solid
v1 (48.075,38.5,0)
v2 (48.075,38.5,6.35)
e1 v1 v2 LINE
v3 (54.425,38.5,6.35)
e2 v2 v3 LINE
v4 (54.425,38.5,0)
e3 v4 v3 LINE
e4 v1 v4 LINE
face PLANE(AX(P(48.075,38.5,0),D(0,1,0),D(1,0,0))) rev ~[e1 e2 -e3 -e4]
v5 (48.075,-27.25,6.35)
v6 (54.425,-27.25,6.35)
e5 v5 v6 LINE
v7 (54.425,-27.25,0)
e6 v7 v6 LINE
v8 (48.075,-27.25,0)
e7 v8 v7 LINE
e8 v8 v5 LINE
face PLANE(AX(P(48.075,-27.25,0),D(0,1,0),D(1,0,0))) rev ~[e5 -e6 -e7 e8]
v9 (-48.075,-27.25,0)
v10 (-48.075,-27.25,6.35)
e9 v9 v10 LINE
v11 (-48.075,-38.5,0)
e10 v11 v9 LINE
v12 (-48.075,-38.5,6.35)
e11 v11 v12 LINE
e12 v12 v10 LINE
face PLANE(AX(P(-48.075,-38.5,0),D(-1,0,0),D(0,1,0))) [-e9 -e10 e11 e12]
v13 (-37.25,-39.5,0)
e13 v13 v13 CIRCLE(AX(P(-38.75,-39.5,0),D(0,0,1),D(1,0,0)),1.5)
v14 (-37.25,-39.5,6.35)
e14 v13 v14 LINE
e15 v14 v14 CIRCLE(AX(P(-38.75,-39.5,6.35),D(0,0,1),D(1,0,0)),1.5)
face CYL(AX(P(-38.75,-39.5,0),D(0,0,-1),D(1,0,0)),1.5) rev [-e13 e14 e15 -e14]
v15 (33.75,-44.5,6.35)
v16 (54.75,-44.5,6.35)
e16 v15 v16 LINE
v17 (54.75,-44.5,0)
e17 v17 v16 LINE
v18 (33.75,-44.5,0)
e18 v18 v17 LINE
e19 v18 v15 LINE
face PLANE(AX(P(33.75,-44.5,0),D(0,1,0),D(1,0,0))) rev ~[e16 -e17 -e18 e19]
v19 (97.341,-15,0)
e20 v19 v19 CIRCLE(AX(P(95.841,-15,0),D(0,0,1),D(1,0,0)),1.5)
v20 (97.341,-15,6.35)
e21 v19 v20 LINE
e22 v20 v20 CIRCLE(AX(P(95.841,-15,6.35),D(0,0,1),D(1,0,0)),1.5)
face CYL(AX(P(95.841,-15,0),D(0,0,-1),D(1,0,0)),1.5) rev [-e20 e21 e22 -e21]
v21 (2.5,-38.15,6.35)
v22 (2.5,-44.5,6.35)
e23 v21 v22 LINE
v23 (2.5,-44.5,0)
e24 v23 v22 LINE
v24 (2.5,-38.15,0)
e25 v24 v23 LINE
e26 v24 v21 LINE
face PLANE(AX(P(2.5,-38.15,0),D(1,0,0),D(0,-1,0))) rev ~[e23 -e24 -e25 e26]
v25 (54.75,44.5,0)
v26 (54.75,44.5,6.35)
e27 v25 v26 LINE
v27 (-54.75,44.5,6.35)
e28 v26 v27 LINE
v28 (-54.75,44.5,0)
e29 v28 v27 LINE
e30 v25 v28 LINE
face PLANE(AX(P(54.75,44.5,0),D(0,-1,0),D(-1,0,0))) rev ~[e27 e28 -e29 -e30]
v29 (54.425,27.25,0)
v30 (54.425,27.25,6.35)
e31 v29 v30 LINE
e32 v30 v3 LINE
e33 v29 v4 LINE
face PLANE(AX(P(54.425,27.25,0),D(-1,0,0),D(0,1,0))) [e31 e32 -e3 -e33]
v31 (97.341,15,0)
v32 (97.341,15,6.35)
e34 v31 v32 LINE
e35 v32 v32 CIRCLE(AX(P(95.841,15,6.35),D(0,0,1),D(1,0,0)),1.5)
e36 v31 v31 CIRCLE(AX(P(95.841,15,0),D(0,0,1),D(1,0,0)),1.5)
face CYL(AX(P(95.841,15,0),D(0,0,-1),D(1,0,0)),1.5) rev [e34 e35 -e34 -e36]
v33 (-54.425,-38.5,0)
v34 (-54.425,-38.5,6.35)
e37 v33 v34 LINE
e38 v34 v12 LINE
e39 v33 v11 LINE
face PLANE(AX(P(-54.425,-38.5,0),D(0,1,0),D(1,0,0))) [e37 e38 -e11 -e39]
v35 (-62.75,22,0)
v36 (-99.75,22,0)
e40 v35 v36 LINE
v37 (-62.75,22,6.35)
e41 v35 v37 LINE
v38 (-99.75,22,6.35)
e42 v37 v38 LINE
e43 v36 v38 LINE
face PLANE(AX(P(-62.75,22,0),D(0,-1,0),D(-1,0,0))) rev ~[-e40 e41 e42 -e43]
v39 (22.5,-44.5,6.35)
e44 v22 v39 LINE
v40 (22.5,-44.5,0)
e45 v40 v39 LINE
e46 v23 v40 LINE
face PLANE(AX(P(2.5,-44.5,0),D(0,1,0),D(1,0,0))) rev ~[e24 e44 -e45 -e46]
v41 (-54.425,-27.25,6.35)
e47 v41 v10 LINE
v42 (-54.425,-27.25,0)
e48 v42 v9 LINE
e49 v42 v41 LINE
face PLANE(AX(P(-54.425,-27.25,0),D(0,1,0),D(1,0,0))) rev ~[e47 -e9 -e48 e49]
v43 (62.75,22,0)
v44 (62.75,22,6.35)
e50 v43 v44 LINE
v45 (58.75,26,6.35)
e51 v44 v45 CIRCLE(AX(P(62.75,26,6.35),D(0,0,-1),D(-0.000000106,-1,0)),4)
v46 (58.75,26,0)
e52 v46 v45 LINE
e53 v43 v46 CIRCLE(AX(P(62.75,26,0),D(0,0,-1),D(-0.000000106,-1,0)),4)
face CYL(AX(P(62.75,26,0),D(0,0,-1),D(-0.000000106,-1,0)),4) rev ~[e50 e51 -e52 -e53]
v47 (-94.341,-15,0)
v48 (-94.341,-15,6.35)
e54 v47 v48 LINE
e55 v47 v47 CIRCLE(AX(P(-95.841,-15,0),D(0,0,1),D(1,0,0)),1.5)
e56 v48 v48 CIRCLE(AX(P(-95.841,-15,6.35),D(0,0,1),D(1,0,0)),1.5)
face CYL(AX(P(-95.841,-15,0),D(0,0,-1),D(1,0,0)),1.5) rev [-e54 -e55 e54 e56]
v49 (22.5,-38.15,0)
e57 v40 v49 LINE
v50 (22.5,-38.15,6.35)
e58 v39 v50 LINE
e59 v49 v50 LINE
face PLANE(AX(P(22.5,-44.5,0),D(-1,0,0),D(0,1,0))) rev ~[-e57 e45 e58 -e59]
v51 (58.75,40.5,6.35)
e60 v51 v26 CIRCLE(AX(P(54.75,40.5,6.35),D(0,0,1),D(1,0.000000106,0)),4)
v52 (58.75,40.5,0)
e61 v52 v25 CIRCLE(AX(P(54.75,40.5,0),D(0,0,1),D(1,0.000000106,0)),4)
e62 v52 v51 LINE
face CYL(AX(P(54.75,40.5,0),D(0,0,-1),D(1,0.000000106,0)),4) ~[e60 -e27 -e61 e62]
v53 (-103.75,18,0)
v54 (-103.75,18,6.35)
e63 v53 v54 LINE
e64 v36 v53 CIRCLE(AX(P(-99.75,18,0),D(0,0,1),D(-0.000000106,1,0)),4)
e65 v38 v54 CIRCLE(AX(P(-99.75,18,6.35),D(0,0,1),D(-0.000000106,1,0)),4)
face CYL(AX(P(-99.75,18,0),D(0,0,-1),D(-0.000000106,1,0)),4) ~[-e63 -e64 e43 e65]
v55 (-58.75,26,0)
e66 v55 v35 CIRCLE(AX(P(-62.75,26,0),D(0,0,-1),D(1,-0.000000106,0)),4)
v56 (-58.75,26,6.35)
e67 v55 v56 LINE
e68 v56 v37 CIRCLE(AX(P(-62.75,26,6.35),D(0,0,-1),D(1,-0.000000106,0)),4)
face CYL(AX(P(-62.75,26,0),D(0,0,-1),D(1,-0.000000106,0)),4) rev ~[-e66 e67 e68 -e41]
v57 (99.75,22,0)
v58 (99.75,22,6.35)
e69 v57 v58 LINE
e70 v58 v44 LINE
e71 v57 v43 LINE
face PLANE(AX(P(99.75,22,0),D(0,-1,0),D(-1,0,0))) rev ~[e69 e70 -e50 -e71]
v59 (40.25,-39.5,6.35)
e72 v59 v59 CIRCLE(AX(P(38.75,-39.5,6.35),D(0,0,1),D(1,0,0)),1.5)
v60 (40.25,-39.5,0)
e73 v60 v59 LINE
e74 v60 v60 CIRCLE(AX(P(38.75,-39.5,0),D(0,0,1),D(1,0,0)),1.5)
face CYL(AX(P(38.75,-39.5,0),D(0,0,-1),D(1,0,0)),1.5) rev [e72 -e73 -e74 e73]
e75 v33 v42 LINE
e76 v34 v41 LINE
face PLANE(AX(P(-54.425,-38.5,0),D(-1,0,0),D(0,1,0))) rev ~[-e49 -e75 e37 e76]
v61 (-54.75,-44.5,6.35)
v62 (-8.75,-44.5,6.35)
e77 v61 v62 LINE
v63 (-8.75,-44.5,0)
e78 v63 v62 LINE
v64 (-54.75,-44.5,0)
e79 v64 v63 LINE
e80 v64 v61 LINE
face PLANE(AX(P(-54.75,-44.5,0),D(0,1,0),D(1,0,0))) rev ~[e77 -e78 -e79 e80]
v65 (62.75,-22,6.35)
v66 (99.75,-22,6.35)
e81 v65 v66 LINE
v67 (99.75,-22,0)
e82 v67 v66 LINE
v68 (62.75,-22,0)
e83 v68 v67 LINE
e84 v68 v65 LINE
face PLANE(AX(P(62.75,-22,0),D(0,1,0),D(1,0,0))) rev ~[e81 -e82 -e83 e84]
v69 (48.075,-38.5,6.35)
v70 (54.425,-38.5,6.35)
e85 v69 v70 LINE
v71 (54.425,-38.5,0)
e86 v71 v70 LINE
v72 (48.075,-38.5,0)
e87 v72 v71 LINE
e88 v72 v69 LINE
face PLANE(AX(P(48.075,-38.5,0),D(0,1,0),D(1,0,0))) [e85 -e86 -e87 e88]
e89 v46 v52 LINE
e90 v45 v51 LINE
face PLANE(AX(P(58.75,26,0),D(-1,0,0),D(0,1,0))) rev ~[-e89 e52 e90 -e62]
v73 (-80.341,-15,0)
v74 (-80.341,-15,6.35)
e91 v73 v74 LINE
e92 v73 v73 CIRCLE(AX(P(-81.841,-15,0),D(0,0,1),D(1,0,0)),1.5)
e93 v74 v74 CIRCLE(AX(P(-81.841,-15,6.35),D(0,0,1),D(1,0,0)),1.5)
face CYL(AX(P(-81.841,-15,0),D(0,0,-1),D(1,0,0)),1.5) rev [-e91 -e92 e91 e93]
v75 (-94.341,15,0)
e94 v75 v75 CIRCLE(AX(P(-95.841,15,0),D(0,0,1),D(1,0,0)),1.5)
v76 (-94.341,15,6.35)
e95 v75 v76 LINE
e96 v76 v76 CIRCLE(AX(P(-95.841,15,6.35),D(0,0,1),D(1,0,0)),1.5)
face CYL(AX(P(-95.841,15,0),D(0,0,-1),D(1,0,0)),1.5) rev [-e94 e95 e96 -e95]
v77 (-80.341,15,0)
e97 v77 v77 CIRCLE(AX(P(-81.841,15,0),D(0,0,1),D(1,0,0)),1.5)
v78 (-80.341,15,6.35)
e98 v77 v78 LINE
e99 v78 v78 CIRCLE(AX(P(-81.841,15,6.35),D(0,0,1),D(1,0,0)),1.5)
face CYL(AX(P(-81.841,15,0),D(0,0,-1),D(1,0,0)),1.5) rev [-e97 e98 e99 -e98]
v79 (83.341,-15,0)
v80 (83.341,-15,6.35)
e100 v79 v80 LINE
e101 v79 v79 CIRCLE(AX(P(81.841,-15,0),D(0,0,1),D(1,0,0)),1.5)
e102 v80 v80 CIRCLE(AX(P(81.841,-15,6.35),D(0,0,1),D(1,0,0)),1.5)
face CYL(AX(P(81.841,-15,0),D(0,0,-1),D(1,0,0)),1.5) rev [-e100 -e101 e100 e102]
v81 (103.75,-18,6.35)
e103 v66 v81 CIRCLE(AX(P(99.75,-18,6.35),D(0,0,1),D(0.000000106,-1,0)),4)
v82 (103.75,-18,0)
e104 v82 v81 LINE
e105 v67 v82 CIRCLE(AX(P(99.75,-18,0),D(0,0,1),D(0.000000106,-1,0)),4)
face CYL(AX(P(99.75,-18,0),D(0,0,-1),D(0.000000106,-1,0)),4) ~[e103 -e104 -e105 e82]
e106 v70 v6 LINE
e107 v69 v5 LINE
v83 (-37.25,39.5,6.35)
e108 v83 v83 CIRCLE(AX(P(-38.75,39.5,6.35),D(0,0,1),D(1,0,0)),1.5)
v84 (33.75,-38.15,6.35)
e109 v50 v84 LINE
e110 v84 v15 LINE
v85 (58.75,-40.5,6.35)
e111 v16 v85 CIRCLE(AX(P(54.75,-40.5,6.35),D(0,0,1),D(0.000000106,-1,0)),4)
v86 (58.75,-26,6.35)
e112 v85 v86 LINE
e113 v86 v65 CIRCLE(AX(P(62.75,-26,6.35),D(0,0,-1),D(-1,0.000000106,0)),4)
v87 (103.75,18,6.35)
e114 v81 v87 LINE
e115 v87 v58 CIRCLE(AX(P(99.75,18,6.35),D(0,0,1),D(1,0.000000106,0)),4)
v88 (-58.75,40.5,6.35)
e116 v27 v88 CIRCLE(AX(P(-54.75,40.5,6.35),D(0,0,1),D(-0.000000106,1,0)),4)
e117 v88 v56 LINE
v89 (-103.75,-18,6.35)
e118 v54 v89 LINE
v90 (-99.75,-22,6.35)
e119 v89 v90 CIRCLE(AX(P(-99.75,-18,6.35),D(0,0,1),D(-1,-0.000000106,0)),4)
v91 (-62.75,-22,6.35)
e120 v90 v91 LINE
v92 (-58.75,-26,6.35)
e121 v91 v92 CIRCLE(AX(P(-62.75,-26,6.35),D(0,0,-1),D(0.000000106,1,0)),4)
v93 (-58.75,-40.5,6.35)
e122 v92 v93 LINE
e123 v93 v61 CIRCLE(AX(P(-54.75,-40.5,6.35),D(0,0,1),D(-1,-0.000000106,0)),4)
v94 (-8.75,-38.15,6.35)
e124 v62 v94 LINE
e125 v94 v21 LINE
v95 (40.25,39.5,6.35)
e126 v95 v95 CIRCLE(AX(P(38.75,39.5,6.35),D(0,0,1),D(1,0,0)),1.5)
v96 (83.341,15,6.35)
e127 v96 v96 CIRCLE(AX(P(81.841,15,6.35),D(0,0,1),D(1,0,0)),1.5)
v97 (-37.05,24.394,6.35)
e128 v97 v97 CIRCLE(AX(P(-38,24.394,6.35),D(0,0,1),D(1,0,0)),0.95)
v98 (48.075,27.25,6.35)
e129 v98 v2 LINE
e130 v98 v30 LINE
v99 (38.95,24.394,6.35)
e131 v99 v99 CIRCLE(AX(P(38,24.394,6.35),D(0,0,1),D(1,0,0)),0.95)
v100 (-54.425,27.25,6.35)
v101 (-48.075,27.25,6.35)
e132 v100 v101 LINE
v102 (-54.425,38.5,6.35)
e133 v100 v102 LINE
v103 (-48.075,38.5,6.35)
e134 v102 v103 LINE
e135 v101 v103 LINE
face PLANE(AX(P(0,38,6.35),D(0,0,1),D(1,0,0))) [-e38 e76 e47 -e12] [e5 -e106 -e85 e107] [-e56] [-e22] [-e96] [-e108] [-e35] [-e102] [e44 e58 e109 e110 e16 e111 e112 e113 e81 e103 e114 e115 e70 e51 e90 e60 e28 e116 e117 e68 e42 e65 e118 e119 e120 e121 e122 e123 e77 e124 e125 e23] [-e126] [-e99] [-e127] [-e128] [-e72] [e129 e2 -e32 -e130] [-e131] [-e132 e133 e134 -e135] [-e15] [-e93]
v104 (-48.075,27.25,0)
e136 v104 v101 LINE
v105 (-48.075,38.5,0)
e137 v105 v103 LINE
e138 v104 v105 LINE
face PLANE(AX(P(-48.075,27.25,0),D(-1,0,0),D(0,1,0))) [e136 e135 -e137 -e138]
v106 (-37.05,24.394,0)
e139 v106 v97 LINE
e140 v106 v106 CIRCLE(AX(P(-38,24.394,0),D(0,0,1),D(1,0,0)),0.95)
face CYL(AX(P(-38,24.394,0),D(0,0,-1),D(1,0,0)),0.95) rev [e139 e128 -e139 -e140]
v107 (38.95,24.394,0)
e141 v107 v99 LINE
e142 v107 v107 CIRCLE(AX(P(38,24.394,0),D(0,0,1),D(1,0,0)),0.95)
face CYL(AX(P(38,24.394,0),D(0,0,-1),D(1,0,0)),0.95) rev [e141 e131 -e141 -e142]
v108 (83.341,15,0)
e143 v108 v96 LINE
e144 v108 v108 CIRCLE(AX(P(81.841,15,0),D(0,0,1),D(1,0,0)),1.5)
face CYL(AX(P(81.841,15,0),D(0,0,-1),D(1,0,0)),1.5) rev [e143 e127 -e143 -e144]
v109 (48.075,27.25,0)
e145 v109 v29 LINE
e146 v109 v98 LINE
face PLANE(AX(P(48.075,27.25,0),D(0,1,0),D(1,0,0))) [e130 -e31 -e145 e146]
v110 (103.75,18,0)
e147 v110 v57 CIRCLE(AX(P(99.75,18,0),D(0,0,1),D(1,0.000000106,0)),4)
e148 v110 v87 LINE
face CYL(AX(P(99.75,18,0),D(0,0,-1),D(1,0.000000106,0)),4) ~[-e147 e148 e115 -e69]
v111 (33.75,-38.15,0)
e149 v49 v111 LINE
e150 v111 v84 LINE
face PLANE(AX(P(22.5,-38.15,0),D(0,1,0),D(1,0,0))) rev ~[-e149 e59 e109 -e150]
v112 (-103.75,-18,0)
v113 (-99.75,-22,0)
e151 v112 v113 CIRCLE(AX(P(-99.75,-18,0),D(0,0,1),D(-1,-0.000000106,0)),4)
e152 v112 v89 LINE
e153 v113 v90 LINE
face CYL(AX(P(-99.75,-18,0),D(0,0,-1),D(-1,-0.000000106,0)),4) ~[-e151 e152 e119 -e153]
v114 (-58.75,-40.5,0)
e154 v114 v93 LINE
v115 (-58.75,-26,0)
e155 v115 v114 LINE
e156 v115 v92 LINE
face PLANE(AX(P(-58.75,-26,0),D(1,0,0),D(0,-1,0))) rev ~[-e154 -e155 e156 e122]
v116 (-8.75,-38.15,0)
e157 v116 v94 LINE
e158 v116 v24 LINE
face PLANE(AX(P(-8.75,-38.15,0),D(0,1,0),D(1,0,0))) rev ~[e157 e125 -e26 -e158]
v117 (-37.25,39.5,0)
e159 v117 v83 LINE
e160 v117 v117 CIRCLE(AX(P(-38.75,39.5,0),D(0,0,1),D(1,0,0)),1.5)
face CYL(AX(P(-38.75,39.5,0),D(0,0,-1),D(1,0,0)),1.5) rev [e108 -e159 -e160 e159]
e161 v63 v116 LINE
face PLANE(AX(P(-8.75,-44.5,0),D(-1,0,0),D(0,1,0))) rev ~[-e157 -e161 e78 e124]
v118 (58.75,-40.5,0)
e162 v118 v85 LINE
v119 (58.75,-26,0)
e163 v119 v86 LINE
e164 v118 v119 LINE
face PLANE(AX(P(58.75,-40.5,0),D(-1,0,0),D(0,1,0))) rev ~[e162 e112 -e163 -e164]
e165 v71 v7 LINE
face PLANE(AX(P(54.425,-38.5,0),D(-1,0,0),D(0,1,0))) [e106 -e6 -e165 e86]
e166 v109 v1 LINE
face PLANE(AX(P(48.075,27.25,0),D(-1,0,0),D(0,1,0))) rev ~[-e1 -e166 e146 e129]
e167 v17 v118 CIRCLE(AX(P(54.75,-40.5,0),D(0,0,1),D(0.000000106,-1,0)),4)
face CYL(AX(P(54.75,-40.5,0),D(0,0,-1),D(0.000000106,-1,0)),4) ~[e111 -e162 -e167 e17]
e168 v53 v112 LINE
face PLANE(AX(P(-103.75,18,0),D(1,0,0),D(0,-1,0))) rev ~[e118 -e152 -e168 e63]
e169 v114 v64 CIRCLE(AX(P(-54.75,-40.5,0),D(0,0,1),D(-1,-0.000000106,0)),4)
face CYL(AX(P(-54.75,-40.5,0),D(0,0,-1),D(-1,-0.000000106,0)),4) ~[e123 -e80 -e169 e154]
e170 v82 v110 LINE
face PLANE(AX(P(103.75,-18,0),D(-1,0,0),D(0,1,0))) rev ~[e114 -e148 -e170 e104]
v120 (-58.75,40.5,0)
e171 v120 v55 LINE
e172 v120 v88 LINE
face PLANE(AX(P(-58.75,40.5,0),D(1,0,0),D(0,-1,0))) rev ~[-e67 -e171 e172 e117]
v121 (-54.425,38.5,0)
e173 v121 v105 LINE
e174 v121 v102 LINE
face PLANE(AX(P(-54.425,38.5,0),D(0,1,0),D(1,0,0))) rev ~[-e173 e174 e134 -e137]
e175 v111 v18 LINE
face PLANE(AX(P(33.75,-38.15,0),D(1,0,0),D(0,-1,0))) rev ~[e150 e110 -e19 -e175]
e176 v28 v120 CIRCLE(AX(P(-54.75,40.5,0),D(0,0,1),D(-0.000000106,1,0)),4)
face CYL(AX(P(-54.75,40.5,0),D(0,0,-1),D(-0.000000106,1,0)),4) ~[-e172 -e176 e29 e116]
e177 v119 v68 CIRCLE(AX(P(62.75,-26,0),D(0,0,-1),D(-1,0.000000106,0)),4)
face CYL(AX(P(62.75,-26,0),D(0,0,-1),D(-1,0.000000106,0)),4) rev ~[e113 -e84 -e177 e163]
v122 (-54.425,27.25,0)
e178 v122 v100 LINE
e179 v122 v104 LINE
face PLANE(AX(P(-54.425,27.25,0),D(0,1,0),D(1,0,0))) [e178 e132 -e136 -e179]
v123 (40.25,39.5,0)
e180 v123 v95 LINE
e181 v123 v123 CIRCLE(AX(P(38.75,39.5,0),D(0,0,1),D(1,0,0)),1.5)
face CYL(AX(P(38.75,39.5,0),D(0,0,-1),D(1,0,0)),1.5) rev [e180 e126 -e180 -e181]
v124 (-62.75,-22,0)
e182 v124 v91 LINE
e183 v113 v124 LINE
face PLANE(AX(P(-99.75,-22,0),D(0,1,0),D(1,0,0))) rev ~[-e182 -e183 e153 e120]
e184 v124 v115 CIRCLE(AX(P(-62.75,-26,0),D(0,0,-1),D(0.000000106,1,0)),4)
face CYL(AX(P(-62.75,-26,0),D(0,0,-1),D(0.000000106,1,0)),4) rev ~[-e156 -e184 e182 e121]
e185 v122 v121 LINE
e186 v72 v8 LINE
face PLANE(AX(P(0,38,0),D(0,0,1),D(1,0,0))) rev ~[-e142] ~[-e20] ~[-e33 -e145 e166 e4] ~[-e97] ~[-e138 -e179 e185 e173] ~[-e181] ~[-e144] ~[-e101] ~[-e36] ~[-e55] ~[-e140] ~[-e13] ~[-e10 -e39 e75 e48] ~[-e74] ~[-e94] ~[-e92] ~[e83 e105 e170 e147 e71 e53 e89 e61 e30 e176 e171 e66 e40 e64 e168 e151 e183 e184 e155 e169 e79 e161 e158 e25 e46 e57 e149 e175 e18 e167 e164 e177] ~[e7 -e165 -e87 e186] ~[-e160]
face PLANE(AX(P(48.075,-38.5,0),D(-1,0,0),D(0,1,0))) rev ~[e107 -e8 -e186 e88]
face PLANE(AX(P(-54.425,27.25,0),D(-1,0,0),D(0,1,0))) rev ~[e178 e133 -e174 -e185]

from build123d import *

# Parameters (mm, degrees)
F0_W     = 87.5
F0_H     = 13
F0_R     = 1.5
F0_W_2   = 6.35
F0_H_2   = 11.25
F0_H_3   = 63
F0_R_2   = 0.95
F0_W_3   = 20
F0_H_4   = 44
F1_DEPTH = 6.35


with BuildPart() as f1:
    # F0 (on Top) → F1 (new body)
    with BuildSketch(Plane.XY):
        with Locations((0, 38)):
            Rectangle(F0_W, F0_H)
        with Locations((-38.75, 39.5)):
            Circle(F0_R, mode=Mode.SUBTRACT)
        with Locations((38.75, 39.5)):
            Circle(F0_R, mode=Mode.SUBTRACT)
        Polygon((43.75, -31.5), (-43.75, -31.5), (-43.75, -44.5), (-8.75, -44.5), (-8.75, -38.15), (2.5, -38.15), (2.5, -44.5), (22.5, -44.5), (22.5, -38.15), (33.75, -38.15), (33.75, -44.5), (43.75, -44.5), align=None)
        with Locations((-38.75, -39.5)):
            Circle(F0_R, mode=Mode.SUBTRACT)
        with Locations((38.75, -39.5)):
            Circle(F0_R, mode=Mode.SUBTRACT)
        with BuildLine():
            Line((-43.75, 44.5), (-54.75, 44.5))
            ThreePointArc((-54.75, 44.5), (-57.578427, 43.328427), (-58.75, 40.5))
            Line((-58.75, 40.5), (-58.75, 26))
            ThreePointArc((-58.75, 26), (-59.921573, 23.171573), (-62.75, 22))
            Line((-62.75, 22), (-78.75, 22))
            Line((-78.75, 22), (-78.75, -22))
            Line((-78.75, -22), (-62.75, -22))
            ThreePointArc((-62.75, -22), (-59.921573, -23.171573), (-58.75, -26))
            Line((-58.75, -26), (-58.75, -40.5))
            ThreePointArc((-58.75, -40.5), (-57.578427, -43.328427), (-54.75, -44.5))
            Line((-54.75, -44.5), (-43.75, -44.5))
            Line((-43.75, -44.5), (-43.75, -31.5))
            Line((-43.75, -31.5), (-43.75, 31.5))
            Line((-43.75, 31.5), (-43.75, 44.5))
        make_face()
        with Locations((-51.25, -32.875)):
            Rectangle(F0_W_2, F0_H_2, mode=Mode.SUBTRACT)
        with Locations((-51.25, 32.875)):
            Rectangle(F0_W_2, F0_H_2, mode=Mode.SUBTRACT)
        with BuildLine():
            Line((54.75, 44.5), (43.75, 44.5))
            Line((43.75, 44.5), (43.75, 31.5))
            Line((43.75, 31.5), (43.75, -31.5))
            Line((43.75, -31.5), (43.75, -44.5))
            Line((43.75, -44.5), (54.75, -44.5))
            ThreePointArc((54.75, -44.5), (57.578427, -43.328427), (58.75, -40.5))
            Line((58.75, -40.5), (58.75, -26))
            ThreePointArc((58.75, -26), (59.921573, -23.171573), (62.75, -22))
            Line((62.75, -22), (78.75, -22))
            Line((78.75, -22), (78.75, 22))
            Line((78.75, 22), (62.75, 22))
            ThreePointArc((62.75, 22), (59.921573, 23.171573), (58.75, 26))
            Line((58.75, 26), (58.75, 40.5))
            ThreePointArc((58.75, 40.5), (57.578427, 43.328427), (54.75, 44.5))
        make_face()
        with Locations((51.25, -32.875)):
            Rectangle(F0_W_2, F0_H_2, mode=Mode.SUBTRACT)
        with Locations((51.25, 32.875)):
            Rectangle(F0_W_2, F0_H_2, mode=Mode.SUBTRACT)
        Rectangle(F0_W, F0_H_3)
        with Locations((-38, 24.394)):
            Circle(F0_R_2, mode=Mode.SUBTRACT)
        with Locations((38, 24.394)):
            Circle(F0_R_2, mode=Mode.SUBTRACT)
        with Locations((-88.75, 0)):
            Rectangle(F0_W_3, F0_H_4)
        with Locations((-95.841, -15)):
            Circle(F0_R, mode=Mode.SUBTRACT)
        with Locations((-81.841, -15)):
            Circle(F0_R, mode=Mode.SUBTRACT)
        with Locations((-95.841, 15)):
            Circle(F0_R, mode=Mode.SUBTRACT)
        with Locations((-81.841, 15)):
            Circle(F0_R, mode=Mode.SUBTRACT)
        with Locations((88.75, 0)):
            Rectangle(F0_W_3, F0_H_4)
        with Locations((81.841, -15)):
            Circle(F0_R, mode=Mode.SUBTRACT)
        with Locations((95.841, -15)):
            Circle(F0_R, mode=Mode.SUBTRACT)
        with Locations((81.841, 15)):
            Circle(F0_R, mode=Mode.SUBTRACT)
        with Locations((95.841, 15)):
            Circle(F0_R, mode=Mode.SUBTRACT)
        with BuildLine():
            Line((-98.75, -22), (-98.75, 22))
            Line((-98.75, 22), (-99.75, 22))
            ThreePointArc((-99.75, 22), (-102.578427, 20.828427), (-103.75, 18))
            Line((-103.75, 18), (-103.75, -18))
            ThreePointArc((-103.75, -18), (-102.578427, -20.828427), (-99.75, -22))
            Line((-99.75, -22), (-98.75, -22))
        make_face()
        with BuildLine():
            Line((99.75, 22), (98.75, 22))
            Line((98.75, 22), (98.75, -22))
            Line((98.75, -22), (99.75, -22))
            ThreePointArc((99.75, -22), (102.578427, -20.828427), (103.75, -18))
            Line((103.75, -18), (103.75, 18))
            ThreePointArc((103.75, 18), (102.578427, 20.828427), (99.75, 22))
        make_face()
    extrude(amount=F1_DEPTH)


solid = f1.part
